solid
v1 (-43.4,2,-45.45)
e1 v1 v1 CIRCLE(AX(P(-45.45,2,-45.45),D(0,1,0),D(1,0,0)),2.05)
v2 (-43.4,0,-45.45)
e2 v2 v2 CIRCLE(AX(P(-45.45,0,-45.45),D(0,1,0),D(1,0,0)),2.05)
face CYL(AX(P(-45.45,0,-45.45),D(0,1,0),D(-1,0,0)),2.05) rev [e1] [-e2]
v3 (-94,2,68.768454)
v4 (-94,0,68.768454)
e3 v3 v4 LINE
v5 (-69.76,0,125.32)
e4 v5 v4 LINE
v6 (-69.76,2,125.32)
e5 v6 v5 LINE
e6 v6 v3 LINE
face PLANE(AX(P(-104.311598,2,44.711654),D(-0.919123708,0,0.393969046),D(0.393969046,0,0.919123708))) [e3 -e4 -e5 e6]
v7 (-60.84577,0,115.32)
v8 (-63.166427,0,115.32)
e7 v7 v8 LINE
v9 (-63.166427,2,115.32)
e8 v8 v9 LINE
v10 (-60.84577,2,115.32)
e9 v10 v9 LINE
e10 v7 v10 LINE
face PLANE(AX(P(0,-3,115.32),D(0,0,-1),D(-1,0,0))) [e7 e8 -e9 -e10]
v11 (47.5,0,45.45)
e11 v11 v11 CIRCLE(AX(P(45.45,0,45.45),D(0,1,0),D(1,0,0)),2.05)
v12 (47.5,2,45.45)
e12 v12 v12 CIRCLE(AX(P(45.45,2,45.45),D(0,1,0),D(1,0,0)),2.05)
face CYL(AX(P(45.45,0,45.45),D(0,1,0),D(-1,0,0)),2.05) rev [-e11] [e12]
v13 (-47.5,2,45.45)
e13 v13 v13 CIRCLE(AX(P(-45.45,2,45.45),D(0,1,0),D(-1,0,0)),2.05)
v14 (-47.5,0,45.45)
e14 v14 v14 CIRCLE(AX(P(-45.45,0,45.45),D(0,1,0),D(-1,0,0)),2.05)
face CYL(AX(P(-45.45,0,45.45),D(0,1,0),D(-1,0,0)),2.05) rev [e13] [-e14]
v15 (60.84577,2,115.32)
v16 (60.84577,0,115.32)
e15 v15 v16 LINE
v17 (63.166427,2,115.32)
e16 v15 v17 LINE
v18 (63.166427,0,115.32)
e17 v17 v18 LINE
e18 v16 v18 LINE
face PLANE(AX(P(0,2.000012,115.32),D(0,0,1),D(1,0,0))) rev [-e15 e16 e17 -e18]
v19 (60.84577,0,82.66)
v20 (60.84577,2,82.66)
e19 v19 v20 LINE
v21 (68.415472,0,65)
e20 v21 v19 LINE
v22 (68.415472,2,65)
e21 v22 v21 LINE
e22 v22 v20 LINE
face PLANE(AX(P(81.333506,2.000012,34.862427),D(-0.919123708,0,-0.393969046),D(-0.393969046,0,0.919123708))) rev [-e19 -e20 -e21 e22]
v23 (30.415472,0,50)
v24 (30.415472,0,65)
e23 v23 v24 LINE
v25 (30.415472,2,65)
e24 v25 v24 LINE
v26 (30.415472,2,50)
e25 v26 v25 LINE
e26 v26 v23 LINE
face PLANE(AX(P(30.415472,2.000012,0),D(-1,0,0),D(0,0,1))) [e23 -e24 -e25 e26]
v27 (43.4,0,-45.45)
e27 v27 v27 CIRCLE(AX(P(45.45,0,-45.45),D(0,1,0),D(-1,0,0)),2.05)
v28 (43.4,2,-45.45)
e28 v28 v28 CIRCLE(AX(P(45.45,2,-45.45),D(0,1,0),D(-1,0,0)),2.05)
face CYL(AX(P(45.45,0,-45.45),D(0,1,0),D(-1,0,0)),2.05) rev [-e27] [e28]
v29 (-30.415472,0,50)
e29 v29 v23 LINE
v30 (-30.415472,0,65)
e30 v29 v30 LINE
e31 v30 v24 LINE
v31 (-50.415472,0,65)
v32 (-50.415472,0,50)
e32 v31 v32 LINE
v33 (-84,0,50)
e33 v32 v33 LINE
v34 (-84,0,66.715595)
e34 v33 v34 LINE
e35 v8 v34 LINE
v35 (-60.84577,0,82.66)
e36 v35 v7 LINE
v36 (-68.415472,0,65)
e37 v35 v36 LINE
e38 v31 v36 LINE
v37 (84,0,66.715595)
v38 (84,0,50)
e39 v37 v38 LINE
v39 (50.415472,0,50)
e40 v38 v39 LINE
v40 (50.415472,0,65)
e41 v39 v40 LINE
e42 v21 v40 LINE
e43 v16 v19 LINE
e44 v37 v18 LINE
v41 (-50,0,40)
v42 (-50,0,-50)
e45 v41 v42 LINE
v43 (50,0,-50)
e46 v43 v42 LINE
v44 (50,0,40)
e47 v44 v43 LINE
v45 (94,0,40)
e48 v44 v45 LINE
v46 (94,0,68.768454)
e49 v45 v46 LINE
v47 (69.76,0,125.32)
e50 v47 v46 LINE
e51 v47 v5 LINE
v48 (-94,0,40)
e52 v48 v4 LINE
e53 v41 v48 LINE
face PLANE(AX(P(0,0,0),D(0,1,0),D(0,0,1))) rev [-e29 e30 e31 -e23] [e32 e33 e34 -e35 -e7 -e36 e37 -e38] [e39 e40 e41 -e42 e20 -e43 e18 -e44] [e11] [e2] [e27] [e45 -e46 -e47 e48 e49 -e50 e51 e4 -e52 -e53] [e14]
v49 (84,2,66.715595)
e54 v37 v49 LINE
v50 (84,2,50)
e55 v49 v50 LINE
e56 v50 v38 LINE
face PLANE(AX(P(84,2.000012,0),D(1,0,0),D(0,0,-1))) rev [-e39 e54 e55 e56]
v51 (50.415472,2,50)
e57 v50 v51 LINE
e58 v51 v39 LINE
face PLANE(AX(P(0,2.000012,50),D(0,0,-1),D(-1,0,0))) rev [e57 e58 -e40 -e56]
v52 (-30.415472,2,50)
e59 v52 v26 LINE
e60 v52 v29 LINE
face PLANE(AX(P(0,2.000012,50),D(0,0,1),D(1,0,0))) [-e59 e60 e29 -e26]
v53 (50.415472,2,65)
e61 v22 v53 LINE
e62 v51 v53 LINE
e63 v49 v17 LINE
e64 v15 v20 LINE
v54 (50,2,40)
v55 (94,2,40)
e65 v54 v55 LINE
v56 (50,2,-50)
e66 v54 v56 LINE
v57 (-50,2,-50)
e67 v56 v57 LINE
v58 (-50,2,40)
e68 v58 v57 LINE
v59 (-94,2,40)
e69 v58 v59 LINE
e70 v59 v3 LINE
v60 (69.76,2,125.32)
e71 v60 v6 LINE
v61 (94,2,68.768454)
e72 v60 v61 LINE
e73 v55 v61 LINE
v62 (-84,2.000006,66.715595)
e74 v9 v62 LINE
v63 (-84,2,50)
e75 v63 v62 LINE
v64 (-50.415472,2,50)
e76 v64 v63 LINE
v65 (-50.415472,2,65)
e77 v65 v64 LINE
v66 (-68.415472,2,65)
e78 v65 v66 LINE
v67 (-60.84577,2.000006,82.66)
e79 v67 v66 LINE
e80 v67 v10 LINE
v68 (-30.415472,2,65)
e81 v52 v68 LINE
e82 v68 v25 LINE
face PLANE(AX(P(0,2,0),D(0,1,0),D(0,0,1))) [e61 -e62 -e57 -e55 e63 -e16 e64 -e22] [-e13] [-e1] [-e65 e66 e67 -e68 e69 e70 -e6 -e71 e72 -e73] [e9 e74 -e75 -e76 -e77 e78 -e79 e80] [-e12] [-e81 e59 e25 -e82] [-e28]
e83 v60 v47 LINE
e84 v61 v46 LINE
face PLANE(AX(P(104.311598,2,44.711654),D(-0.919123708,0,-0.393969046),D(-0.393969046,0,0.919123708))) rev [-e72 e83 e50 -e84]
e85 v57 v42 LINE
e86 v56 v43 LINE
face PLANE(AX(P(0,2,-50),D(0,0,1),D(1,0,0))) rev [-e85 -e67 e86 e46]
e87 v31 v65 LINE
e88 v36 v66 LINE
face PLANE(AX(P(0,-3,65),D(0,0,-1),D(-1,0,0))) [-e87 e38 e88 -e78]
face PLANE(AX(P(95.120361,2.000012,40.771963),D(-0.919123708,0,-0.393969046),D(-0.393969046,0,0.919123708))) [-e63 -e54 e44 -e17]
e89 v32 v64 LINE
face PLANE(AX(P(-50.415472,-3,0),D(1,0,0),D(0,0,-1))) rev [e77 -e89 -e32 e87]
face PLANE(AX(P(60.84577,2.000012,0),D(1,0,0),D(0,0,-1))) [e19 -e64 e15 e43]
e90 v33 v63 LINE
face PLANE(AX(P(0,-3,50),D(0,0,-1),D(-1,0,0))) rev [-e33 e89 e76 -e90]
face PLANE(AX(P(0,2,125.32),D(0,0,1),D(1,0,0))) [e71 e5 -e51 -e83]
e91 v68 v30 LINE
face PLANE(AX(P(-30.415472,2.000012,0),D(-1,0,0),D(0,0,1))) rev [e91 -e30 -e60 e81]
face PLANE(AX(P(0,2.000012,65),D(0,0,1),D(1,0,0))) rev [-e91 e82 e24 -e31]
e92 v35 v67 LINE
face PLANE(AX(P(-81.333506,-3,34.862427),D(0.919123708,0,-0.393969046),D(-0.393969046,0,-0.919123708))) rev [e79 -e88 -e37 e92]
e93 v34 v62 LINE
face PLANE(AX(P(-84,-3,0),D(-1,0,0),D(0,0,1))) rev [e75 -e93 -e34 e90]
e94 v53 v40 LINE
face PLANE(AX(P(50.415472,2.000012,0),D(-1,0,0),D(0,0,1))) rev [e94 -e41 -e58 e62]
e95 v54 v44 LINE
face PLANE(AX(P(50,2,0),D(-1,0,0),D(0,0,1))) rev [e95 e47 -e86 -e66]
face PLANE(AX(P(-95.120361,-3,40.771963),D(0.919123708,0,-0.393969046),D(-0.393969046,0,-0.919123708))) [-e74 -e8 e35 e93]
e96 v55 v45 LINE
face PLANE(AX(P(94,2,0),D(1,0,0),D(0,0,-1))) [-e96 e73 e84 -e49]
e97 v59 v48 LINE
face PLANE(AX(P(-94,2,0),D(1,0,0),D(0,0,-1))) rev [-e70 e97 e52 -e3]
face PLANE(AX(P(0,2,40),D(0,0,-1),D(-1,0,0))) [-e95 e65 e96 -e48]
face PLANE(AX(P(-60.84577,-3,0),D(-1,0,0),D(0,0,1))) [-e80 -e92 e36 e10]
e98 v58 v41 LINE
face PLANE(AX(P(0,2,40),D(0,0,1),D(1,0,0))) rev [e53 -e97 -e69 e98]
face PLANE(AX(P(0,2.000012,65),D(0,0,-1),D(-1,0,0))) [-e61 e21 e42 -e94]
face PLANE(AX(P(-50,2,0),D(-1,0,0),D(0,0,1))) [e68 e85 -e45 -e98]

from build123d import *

# Parameters (mm, degrees)
SALIENTE_EXTRUIR1_DEPTH    = 2
CROQUIS2_R                 = 2.05
CORTAR_EXTRUIR1_DEPTH      = 3
CROQUIS7_W                 = 60.830944854
CROQUIS7_H                 = 15
CORTAR_EXTRUIR2_DEPTH      = 1
CORTAR_EXTRUIR2_DEPTH_BACK = 5


with BuildPart() as part:
    # Croquis1 → Saliente-Extruir1 (new body)
    with BuildSketch(Plane(origin=(0, 0, 0), x_dir=(1, 0, 0), z_dir=(0, 1, 0))):
        Polygon((94, -40), (50, -40), (50, 50), (-50, 50), (-50, -40), (-94, -40), (-94, -68.768453788), (-69.76, -125.32), (69.76, -125.32), (94, -68.768453788), align=None)
    extrude(amount=SALIENTE_EXTRUIR1_DEPTH)

    # Croquis2 → Cortar-Extruir1 (cut, through all)
    with BuildSketch(Plane(origin=(0, 2, 0), x_dir=(1, 0, 0), z_dir=(0, 1, 0))):
        with Locations((-45.45, -45.45)):
            Circle(CROQUIS2_R)
        with Locations((45.45, -45.45)):
            Circle(CROQUIS2_R)
        with Locations((-45.45, 45.45)):
            Circle(CROQUIS2_R)
        with Locations((45.45, 45.45)):
            Circle(CROQUIS2_R)
    extrude(amount=-CORTAR_EXTRUIR1_DEPTH, mode=Mode.SUBTRACT)

    # Croquis7 → Cortar-Extruir2 (cut, two sides)
    with BuildSketch(Plane(origin=(0, 2, 0), x_dir=(1, 0, 0), z_dir=(0, 1, 0))) as cortar_extruir2_sk:
        Polygon((-60.845769586, -115.32), (-60.845769586, -82.66), (-68.415472427, -65), (-50.415472427, -65), (-50.415472427, -50), (-84, -50), (-84, -66.715594747), (-63.166426698, -115.32), align=None)
        with Locations((0, -57.5)):
            Rectangle(CROQUIS7_W, CROQUIS7_H)
        Polygon((84, -50), (50.415472427, -50), (50.415472427, -65), (68.415472427, -65), (60.845769586, -82.66), (60.845769586, -115.32), (63.166426698, -115.32), (84, -66.715594747), align=None)
    extrude(amount=CORTAR_EXTRUIR2_DEPTH, mode=Mode.SUBTRACT)
    extrude(cortar_extruir2_sk.sketch, amount=-CORTAR_EXTRUIR2_DEPTH_BACK, mode=Mode.SUBTRACT)


solid = part.part
